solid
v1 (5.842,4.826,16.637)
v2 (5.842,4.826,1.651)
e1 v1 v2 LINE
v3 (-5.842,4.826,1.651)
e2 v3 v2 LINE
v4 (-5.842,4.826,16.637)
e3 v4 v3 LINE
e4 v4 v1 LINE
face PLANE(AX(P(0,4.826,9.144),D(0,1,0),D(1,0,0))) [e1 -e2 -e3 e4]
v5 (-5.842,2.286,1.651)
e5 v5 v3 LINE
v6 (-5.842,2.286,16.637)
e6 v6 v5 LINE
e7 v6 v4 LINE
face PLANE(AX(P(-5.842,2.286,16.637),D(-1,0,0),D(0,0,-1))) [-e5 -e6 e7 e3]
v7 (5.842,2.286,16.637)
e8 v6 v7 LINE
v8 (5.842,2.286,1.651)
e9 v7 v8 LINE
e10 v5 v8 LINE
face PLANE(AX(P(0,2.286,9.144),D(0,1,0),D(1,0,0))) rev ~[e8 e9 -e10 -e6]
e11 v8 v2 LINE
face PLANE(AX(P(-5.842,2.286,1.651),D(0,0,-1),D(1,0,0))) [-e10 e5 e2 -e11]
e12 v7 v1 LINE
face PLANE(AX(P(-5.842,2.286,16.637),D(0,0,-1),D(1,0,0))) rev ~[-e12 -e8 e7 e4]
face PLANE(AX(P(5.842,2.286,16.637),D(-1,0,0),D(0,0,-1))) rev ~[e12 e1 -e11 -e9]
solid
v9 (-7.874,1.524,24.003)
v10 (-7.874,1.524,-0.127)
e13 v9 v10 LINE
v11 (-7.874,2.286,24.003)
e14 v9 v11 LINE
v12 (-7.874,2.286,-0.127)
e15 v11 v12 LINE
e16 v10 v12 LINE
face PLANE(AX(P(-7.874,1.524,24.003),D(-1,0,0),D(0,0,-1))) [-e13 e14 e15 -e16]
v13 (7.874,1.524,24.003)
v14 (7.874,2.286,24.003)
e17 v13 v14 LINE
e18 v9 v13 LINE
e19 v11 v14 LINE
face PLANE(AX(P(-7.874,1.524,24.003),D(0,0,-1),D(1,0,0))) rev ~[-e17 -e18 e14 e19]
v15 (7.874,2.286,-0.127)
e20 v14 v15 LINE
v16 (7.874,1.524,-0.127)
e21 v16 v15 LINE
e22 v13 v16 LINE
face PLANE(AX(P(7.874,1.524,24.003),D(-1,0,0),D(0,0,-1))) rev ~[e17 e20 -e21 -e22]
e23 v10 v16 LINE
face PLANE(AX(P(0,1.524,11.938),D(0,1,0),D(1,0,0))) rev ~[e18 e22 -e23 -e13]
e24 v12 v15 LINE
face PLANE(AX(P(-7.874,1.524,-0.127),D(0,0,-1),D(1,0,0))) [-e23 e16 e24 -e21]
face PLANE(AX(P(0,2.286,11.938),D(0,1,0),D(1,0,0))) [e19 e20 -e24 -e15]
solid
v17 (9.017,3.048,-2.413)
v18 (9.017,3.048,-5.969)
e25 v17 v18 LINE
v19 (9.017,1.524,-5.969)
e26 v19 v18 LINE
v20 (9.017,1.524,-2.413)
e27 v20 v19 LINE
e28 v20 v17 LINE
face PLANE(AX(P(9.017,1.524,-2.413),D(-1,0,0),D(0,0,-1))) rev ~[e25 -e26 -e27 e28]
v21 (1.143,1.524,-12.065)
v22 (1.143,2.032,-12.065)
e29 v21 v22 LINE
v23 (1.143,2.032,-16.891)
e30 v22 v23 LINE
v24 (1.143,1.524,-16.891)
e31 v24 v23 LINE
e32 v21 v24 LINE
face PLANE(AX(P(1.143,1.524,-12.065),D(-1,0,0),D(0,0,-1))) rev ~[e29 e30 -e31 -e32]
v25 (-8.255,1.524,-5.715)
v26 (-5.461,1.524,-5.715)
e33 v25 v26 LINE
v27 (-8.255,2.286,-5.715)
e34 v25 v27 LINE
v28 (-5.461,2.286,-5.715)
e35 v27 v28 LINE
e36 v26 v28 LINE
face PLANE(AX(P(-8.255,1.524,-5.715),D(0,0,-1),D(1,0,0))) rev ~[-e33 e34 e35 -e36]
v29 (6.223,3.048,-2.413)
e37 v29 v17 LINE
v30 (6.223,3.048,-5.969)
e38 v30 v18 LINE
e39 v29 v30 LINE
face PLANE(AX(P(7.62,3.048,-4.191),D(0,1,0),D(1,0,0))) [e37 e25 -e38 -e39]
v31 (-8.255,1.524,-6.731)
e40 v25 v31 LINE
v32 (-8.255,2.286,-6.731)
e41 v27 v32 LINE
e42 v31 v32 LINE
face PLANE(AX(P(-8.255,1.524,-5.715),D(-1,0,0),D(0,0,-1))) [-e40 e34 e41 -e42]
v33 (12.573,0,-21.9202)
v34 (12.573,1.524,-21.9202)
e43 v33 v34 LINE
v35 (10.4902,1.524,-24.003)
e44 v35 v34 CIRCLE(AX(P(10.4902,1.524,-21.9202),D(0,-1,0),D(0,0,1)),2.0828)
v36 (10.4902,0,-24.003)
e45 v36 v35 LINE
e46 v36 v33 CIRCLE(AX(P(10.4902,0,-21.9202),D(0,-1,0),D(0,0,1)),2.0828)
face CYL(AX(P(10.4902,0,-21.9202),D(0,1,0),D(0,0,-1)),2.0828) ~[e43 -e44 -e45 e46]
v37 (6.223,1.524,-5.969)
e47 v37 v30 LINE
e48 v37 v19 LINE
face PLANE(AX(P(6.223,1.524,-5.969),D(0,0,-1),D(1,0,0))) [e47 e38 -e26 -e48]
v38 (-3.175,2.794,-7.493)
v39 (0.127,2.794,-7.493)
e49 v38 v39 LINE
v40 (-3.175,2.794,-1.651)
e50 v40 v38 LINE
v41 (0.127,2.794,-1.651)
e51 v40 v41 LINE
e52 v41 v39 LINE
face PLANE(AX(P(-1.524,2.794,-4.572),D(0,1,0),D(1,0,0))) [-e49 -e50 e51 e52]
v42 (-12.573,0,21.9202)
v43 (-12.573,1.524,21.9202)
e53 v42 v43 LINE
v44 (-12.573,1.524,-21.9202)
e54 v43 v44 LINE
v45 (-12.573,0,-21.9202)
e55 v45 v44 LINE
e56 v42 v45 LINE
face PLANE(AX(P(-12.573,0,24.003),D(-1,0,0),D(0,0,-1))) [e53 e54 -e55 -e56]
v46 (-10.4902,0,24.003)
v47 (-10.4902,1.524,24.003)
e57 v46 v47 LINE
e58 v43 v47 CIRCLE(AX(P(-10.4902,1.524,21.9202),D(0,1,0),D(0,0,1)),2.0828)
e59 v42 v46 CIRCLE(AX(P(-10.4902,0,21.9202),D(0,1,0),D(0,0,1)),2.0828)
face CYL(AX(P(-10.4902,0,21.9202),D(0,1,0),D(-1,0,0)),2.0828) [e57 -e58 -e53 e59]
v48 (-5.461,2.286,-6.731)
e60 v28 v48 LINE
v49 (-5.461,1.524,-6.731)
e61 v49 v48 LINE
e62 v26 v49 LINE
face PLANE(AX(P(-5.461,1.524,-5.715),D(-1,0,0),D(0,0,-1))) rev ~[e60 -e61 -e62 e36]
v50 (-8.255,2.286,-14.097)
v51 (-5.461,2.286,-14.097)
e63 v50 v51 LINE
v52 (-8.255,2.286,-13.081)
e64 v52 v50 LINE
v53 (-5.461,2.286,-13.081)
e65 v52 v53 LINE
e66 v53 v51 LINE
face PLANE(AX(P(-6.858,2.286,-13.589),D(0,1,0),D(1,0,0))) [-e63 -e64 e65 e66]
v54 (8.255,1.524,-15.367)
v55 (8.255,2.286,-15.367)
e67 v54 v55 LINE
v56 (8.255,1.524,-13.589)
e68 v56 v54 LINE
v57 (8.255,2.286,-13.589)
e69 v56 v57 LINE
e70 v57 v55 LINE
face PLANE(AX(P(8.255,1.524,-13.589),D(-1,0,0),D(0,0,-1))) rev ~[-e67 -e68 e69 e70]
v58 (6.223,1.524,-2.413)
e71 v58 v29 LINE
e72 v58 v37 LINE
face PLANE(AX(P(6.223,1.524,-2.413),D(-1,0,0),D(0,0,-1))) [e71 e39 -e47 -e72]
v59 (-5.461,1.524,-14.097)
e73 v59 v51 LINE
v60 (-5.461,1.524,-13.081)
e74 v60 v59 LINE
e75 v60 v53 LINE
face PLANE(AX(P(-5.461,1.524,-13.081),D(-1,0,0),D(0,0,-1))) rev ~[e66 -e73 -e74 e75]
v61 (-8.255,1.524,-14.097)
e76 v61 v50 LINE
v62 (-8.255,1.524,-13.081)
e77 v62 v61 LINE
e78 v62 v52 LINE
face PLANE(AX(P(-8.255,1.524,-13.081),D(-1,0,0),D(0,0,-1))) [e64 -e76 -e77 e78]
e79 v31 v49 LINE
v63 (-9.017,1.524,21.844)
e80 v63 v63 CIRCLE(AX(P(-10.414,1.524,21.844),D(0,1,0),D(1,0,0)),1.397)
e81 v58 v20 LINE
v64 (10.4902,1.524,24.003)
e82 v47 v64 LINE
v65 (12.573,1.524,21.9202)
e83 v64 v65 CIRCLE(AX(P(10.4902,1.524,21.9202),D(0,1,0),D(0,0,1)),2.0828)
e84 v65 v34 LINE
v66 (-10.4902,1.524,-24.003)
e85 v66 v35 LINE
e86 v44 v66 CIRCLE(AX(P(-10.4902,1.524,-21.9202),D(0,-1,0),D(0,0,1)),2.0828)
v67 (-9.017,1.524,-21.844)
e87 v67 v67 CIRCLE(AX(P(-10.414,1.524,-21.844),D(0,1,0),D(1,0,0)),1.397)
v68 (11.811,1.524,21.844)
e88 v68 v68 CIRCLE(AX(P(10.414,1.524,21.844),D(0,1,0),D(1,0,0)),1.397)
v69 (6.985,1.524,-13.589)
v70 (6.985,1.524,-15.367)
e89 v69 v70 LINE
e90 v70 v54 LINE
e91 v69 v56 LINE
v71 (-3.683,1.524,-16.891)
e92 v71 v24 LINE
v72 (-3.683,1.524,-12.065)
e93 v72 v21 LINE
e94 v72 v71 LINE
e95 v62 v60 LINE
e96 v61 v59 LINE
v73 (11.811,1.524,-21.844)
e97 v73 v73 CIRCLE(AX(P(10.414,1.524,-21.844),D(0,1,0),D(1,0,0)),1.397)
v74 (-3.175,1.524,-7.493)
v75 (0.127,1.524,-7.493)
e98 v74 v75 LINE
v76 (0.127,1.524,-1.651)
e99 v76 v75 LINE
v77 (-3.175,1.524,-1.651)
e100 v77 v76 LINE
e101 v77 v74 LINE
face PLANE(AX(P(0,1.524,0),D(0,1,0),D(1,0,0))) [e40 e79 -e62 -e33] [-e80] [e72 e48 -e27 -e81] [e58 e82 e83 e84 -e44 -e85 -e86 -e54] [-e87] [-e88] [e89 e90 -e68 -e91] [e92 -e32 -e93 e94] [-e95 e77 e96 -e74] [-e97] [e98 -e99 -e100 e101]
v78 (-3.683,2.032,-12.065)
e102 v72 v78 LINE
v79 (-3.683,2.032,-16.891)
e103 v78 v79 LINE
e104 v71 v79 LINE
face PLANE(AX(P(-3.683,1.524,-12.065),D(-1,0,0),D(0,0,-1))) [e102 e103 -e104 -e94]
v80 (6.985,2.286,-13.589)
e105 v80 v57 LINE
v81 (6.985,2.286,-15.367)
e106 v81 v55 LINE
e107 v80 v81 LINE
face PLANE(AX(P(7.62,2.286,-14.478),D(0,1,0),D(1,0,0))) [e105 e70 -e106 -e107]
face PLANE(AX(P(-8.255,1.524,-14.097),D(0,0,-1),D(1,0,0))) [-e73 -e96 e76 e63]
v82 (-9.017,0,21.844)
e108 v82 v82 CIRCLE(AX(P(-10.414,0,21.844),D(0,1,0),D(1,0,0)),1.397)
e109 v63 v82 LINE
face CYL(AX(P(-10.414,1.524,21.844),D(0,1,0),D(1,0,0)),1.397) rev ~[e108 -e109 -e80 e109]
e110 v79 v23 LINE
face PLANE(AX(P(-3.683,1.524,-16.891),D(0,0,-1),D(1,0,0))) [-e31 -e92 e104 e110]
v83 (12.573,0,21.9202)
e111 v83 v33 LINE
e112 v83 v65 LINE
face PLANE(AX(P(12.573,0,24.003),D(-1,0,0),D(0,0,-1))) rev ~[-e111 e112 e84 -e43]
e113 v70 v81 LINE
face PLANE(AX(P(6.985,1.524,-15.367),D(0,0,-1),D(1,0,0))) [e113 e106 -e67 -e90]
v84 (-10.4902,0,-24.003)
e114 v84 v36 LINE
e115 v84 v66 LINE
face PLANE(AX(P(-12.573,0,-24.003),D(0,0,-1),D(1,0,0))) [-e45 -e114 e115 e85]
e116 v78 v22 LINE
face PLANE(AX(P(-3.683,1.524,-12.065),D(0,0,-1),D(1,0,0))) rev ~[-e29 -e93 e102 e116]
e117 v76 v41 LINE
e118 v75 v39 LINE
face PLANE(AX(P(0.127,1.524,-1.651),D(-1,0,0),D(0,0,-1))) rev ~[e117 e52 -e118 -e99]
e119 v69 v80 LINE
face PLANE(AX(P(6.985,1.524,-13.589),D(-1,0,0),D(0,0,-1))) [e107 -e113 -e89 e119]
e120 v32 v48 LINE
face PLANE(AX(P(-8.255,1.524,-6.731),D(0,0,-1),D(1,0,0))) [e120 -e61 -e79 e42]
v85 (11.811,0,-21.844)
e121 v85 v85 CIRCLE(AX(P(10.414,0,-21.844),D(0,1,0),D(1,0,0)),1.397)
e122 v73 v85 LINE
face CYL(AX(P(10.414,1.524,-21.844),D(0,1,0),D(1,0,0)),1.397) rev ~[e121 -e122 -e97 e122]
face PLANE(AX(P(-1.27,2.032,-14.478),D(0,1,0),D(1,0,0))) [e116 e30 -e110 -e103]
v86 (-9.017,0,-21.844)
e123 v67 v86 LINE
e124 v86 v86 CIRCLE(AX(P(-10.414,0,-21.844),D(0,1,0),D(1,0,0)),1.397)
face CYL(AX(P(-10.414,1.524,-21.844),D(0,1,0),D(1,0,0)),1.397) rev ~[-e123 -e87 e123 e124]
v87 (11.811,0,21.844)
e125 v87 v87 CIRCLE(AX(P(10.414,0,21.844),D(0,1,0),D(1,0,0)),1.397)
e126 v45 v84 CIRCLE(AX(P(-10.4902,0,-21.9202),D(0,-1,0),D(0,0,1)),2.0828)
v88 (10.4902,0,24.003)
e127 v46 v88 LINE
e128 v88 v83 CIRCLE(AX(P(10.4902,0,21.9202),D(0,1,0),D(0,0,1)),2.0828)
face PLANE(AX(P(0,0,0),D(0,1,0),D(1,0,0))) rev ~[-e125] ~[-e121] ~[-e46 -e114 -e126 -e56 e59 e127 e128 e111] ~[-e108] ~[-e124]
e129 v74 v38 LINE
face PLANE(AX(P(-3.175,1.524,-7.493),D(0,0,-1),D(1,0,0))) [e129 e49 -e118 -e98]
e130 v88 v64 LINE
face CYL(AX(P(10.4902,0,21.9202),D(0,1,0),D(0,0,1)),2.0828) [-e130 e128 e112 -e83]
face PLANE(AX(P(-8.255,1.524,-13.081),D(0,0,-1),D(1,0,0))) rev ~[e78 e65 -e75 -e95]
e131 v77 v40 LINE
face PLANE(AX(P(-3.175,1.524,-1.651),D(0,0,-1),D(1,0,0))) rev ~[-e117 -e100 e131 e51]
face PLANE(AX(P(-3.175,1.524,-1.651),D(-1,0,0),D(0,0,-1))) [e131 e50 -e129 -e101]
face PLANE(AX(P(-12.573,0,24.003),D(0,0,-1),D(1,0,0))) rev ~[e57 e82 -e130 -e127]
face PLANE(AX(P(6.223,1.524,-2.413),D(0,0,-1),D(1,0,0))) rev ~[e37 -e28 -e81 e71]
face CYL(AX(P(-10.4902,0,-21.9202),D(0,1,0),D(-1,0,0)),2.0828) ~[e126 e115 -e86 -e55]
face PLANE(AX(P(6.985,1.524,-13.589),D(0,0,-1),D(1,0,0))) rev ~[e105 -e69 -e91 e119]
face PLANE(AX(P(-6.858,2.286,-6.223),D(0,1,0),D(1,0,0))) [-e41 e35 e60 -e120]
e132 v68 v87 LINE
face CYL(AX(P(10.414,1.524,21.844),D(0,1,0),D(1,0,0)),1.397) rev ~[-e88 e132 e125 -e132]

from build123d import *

# Parameters (mm, degrees)
SKETCH1_W           = 25.146
SKETCH1_H           = 48.006
BOSS_EXTRUDE1_DEPTH = 1.524
SKETCH3_W           = 15.748
SKETCH3_H           = 24.13
BOSS_EXTRUDE3_DEPTH = 0.762
SKETCH2_W           = 11.684
SKETCH2_H           = 14.986
BOSS_EXTRUDE2_DEPTH = 2.54
SKETCH6_R           = 1.397
CUT_EXTRUDE1_DEPTH  = 2.524
FILLET1_R           = 2.0828
SKETCH7_W           = 3.302
SKETCH7_H           = 5.842
BOSS_EXTRUDE4_DEPTH = 1.27
SKETCH8_W           = 4.826
SKETCH8_H           = 4.826
BOSS_EXTRUDE5_DEPTH = 0.508
SKETCH9_W           = 2.794
SKETCH9_H           = 3.556
BOSS_EXTRUDE6_DEPTH = 1.524
SKETCH10_W          = 2.794
SKETCH10_H          = 1.016
SKETCH10_W_2        = 1.27
SKETCH10_H_2        = 1.778
BOSS_EXTRUDE7_DEPTH = 0.762


with BuildPart() as part:
    # Sketch1 → Boss-Extrude1 (new body)
    with BuildSketch(Plane(origin=(0, 0, 0), x_dir=(1, 0, 0), z_dir=(0, 1, 0))):
        Rectangle(SKETCH1_W, SKETCH1_H)
    extrude(amount=BOSS_EXTRUDE1_DEPTH)

    # Sketch6 → Cut-Extrude1 (cut, through all)
    with BuildSketch(Plane(origin=(0, 1.524, 0), x_dir=(1, 0, 0), z_dir=(0, 1, 0))):
        with Locations((10.414, 21.844)):
            Circle(SKETCH6_R)
        with Locations((-10.414, 21.844)):
            Circle(SKETCH6_R)
        with Locations((-10.414, -21.844)):
            Circle(SKETCH6_R)
        with Locations((10.414, -21.844)):
            Circle(SKETCH6_R)
    extrude(amount=-CUT_EXTRUDE1_DEPTH, mode=Mode.SUBTRACT)

    # Fillet1
    fillet1_edges = [part.edges().sort_by_distance(p)[0] for p in [
        (12.573, 0.762, 24.003),
        (-12.573, 0.762, 24.003),
        (-12.573, 0.762, -24.003),
        (12.573, 0.762, -24.003),
    ]]
    fillet(fillet1_edges, radius=FILLET1_R)

    # Sketch7 → Boss-Extrude4 (add)
    with BuildSketch(Plane(origin=(0, 1.524, 0), x_dir=(1, 0, 0), z_dir=(0, 1, 0))):
        with Locations((-1.524, 4.572)):
            Rectangle(SKETCH7_W, SKETCH7_H)
    extrude(amount=BOSS_EXTRUDE4_DEPTH)

    # Sketch8 → Boss-Extrude5 (add)
    with BuildSketch(Plane(origin=(0, 1.524, 0), x_dir=(1, 0, 0), z_dir=(0, 1, 0))):
        with Locations((-1.27, 14.478)):
            Rectangle(SKETCH8_W, SKETCH8_H)
    extrude(amount=BOSS_EXTRUDE5_DEPTH)

    # Sketch9 → Boss-Extrude6 (add)
    with BuildSketch(Plane(origin=(0, 1.524, 0), x_dir=(1, 0, 0), z_dir=(0, 1, 0))):
        with Locations((7.62, 4.191)):
            Rectangle(SKETCH9_W, SKETCH9_H)
    extrude(amount=BOSS_EXTRUDE6_DEPTH)

    # Sketch10 → Boss-Extrude7 (add)
    with BuildSketch(Plane(origin=(0, 1.524, 0), x_dir=(1, 0, 0), z_dir=(0, 1, 0))):
        with Locations((-6.858, 6.223)):
            Rectangle(SKETCH10_W, SKETCH10_H)
        with Locations((-6.858, 13.589)):
            Rectangle(SKETCH10_W, SKETCH10_H)
        with Locations((7.62, 14.478)):
            Rectangle(SKETCH10_W_2, SKETCH10_H_2)
    extrude(amount=BOSS_EXTRUDE7_DEPTH)


with BuildPart() as body_2:
    # Sketch3 → Boss-Extrude3 (new body)
    with BuildSketch(Plane(origin=(0, 1.524, 0), x_dir=(1, 0, 0), z_dir=(0, 1, 0))):
        with Locations((0, -11.938)):
            Rectangle(SKETCH3_W, SKETCH3_H)
    extrude(amount=BOSS_EXTRUDE3_DEPTH)


with BuildPart() as body_3:
    # Sketch2 → Boss-Extrude2 (new body)
    with BuildSketch(Plane(origin=(0, 2.286, 0), x_dir=(1, 0, 0), z_dir=(0, 1, 0))):
        with Locations((0, -9.144)):
            Rectangle(SKETCH2_W, SKETCH2_H)
    extrude(amount=BOSS_EXTRUDE2_DEPTH)


solid = Compound([part.part, body_2.part, body_3.part])
